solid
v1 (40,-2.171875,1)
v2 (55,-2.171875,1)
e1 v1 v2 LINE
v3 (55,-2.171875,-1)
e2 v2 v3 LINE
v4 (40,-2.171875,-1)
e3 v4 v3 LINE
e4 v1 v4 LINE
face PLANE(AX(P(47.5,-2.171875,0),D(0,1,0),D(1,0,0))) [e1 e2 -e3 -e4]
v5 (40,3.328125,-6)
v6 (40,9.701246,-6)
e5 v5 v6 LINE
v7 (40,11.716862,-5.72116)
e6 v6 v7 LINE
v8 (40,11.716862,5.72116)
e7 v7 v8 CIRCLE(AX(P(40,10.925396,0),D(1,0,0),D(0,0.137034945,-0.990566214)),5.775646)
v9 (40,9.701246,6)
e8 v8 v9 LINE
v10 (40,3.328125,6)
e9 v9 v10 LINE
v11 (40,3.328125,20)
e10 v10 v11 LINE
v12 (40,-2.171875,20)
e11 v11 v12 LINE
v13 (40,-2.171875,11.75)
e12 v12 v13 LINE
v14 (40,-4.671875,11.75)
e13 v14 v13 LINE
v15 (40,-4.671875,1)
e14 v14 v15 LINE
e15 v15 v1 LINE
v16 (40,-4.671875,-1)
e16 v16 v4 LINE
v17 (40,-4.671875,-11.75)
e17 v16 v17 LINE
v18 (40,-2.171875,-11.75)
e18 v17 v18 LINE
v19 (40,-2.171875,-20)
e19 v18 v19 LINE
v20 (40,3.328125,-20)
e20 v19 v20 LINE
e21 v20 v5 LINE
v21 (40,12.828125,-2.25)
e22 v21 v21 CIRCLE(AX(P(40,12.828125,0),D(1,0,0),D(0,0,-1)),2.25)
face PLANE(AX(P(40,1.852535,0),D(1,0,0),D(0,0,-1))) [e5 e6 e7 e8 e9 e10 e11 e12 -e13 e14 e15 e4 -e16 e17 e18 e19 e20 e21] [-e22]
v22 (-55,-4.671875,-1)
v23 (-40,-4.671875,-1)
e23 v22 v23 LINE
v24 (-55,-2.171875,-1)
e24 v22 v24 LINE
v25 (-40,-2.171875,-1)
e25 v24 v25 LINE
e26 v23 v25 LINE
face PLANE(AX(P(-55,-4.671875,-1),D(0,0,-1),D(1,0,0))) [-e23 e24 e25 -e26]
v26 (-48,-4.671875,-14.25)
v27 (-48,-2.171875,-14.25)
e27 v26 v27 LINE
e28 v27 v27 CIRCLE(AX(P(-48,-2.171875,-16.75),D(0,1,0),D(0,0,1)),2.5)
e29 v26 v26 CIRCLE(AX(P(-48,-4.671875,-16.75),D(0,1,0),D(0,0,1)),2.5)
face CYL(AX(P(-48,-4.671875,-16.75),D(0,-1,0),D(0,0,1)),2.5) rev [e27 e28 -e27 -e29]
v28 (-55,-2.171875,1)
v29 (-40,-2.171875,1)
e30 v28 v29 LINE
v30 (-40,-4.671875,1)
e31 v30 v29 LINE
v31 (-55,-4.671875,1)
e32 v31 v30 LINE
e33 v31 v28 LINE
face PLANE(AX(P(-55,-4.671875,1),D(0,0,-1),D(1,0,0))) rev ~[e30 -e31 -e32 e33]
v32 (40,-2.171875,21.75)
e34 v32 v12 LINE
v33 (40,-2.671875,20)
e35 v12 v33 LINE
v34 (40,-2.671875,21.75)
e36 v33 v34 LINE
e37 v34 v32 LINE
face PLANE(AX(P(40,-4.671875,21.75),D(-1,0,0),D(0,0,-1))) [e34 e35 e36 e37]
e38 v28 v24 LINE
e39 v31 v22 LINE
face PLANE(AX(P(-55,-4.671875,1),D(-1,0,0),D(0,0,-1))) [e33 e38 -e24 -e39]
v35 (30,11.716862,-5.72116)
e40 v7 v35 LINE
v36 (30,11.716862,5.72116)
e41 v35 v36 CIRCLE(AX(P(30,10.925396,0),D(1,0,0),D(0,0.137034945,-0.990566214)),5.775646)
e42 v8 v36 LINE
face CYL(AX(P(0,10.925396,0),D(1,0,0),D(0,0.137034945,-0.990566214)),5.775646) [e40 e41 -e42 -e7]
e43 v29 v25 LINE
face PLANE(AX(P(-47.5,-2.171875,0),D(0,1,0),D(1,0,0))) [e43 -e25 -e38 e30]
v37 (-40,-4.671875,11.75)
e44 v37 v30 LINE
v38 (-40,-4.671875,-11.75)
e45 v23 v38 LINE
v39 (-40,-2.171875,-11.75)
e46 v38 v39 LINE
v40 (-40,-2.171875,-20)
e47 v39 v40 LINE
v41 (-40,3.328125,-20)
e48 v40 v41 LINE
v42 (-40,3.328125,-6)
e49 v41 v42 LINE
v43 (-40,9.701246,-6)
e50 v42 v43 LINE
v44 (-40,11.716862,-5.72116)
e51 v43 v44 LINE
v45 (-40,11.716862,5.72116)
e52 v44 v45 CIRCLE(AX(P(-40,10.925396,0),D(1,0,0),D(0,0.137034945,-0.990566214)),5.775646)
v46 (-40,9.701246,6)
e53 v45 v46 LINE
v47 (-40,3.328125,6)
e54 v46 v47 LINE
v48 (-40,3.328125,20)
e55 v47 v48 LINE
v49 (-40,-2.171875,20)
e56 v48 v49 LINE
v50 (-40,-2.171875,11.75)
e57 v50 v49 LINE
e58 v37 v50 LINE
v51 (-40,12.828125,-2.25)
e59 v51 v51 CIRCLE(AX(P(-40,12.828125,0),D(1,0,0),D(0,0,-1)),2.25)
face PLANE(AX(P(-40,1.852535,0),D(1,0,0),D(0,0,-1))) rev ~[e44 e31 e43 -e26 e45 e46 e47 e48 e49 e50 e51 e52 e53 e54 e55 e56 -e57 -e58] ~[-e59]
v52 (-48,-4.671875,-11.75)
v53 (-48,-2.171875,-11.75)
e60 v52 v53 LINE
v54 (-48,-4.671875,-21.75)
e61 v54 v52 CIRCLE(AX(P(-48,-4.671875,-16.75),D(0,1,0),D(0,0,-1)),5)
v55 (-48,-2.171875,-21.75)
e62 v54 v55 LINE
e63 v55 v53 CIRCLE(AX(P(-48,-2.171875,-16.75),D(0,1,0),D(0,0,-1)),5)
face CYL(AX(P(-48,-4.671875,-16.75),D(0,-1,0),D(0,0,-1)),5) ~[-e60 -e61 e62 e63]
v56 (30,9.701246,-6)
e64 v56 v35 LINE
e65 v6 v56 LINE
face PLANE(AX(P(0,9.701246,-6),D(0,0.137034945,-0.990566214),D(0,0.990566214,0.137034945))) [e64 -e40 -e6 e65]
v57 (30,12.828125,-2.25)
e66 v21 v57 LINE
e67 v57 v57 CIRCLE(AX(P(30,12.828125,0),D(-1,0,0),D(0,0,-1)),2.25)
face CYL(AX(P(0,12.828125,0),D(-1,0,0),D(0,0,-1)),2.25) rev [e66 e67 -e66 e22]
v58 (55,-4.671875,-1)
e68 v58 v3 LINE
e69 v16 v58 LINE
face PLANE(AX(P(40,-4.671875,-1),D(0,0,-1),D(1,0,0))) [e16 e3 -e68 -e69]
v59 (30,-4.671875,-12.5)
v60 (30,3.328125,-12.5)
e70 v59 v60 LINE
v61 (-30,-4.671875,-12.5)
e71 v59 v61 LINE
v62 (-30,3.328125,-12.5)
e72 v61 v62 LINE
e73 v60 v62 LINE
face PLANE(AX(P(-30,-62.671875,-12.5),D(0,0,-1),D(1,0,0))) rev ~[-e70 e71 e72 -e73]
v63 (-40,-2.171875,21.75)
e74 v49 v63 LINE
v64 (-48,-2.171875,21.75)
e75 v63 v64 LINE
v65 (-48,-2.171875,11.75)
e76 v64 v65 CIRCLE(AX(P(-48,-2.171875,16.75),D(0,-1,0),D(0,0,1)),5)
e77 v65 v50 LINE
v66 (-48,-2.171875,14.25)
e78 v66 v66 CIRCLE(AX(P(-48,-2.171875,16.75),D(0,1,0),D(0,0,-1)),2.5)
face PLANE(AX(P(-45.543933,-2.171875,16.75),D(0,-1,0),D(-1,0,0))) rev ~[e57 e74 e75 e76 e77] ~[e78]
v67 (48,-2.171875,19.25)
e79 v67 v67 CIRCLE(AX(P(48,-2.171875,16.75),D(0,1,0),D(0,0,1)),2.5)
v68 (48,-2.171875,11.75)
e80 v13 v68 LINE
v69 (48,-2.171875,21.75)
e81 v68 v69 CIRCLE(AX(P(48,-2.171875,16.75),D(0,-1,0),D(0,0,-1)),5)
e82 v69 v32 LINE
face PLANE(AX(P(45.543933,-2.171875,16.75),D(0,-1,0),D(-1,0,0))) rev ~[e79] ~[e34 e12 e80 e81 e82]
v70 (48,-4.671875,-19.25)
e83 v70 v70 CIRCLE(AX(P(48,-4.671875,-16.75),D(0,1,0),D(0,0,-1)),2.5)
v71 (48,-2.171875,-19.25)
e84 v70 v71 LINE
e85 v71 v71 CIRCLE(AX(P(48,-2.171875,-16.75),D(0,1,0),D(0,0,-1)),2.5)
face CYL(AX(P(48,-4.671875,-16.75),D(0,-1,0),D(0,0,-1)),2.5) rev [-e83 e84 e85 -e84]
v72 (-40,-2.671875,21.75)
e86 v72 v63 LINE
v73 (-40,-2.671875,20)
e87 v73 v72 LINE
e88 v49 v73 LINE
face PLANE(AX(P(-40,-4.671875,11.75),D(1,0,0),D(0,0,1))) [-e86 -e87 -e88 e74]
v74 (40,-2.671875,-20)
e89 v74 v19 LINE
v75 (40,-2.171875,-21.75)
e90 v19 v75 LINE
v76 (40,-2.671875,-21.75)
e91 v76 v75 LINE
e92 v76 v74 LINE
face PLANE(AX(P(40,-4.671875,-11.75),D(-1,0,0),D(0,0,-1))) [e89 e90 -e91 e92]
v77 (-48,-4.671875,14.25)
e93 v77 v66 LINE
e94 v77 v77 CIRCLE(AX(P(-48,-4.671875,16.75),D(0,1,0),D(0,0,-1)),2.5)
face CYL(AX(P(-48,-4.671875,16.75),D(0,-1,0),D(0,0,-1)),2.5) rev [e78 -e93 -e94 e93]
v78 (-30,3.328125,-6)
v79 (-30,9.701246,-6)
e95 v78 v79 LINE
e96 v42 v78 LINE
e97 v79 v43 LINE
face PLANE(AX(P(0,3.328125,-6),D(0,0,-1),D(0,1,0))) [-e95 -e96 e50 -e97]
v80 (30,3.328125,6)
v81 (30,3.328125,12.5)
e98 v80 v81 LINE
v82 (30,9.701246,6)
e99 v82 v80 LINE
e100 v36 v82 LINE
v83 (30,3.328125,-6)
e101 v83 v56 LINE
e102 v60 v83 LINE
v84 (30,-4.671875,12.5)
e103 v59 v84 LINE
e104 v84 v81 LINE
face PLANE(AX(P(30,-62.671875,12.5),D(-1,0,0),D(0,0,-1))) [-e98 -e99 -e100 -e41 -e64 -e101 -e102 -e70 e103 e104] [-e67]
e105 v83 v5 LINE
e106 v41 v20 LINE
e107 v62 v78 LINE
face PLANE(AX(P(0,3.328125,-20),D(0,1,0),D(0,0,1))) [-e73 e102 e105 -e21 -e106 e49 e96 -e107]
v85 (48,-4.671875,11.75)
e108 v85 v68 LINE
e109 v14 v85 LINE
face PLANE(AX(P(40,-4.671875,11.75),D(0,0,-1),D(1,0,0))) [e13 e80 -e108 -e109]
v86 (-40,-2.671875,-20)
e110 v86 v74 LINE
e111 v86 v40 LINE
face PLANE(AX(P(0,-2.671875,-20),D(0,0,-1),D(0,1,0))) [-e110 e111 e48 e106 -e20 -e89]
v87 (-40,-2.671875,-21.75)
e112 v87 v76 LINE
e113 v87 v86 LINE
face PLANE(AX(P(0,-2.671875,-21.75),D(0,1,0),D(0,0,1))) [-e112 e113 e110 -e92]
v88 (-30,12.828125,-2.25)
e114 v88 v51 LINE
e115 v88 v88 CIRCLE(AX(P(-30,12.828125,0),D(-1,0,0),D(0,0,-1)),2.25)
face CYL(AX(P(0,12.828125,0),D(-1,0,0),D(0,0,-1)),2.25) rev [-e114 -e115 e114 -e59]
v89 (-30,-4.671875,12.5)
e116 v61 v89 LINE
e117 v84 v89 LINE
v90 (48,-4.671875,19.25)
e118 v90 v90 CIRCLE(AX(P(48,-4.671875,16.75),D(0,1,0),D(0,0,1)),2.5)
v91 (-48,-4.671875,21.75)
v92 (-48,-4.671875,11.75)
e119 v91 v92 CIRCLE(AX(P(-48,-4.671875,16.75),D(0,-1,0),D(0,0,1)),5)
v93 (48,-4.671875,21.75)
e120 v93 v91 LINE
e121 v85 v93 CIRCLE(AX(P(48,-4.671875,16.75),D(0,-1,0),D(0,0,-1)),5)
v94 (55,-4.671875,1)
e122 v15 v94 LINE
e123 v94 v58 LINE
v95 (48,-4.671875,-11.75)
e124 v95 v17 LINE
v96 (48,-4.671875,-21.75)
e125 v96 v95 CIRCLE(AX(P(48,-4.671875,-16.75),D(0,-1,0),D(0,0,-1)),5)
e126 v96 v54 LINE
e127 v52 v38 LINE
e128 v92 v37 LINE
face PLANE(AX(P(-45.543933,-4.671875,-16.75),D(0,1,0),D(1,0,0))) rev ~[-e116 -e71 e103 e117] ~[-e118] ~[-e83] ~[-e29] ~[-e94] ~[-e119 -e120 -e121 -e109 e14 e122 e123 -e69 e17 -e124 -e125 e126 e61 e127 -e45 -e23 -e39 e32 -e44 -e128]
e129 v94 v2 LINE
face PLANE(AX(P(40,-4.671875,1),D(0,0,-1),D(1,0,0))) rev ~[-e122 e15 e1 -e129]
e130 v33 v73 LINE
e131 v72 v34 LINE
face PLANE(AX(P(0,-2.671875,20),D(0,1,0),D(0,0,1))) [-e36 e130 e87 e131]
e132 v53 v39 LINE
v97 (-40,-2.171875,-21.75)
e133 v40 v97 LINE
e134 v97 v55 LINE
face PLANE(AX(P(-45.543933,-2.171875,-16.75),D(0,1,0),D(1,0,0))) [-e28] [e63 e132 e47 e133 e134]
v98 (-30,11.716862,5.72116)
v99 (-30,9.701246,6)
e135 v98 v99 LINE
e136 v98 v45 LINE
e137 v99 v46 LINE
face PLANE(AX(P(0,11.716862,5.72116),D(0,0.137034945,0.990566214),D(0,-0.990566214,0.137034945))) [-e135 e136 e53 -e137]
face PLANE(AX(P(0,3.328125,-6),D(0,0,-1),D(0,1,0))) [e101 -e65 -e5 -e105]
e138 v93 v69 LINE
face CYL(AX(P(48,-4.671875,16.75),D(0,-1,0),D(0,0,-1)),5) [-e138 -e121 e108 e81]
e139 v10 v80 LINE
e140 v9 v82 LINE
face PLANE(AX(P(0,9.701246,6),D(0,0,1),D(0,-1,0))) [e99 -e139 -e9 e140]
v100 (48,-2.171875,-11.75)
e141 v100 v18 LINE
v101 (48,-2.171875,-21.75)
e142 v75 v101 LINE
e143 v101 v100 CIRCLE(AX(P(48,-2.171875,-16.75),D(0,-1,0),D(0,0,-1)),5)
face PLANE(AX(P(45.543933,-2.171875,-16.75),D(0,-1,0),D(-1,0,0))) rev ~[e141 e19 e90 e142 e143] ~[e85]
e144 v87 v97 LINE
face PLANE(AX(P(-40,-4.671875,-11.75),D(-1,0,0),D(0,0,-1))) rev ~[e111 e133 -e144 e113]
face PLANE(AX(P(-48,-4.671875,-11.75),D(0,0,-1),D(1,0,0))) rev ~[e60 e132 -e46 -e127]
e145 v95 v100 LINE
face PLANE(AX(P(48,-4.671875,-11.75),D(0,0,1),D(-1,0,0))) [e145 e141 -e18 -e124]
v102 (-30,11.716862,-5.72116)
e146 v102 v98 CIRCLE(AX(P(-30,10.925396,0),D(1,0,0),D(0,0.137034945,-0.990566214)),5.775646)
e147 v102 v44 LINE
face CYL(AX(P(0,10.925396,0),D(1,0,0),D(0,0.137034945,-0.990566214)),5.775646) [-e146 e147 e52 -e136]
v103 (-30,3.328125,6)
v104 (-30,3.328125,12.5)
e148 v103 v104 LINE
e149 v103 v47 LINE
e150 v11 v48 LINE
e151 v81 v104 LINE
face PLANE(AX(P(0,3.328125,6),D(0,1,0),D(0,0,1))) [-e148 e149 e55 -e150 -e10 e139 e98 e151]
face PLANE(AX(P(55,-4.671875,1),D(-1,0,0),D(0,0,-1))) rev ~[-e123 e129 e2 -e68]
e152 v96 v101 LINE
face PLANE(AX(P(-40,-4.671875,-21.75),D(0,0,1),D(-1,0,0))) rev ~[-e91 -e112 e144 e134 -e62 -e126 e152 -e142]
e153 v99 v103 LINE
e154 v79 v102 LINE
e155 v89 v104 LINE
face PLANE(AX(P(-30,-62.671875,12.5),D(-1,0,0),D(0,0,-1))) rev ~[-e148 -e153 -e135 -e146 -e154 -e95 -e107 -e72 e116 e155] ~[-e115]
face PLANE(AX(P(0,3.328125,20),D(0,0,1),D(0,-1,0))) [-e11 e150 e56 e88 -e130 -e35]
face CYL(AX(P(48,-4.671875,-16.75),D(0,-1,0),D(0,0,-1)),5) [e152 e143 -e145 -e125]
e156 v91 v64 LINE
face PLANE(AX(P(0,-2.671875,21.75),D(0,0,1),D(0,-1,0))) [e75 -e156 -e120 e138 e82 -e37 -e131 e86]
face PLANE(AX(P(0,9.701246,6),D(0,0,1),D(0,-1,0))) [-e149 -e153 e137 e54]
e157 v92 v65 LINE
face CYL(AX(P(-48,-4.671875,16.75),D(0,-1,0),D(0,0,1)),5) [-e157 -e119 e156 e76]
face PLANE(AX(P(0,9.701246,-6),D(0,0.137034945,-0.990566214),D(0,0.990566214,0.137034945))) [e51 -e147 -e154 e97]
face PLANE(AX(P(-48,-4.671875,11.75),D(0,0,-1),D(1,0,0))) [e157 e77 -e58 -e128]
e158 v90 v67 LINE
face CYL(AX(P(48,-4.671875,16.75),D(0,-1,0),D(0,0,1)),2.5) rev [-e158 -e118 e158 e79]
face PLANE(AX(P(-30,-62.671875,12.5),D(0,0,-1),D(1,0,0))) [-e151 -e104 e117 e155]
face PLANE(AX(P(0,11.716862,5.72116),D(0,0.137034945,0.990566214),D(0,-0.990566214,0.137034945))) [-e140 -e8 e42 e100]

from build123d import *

# Parameters (mm, degrees)
SKETCH1_R               = 2.25
BOSS_EXTRUDE1_DEPTH     = 40
SKETCH3_R               = 2.5
SKETCH3_W               = 15
SKETCH3_H               = 2
BOSS_EXTRUDE2_DEPTH     = 2.5
CUT_EXTRUDE2_DEPTH      = 60
CUT_EXTRUDE2_DEPTH_BACK = 60
SKETCH2_W               = 60
SKETCH2_H               = 25


with BuildPart() as part:
    # Sketch1 → Boss-Extrude1 (new, symmetric)
    with BuildSketch(Plane(origin=(0, 0, 0), x_dir=(0, 0, -1), z_dir=(1, 0, 0))):
        with BuildLine():
            Line((-20, -2.671875), (-21.75, -2.671875))
            Line((-21.75, -2.671875), (-21.75, -4.671875))
            Line((-21.75, -4.671875), (21.75, -4.671875))
            Line((21.75, -4.671875), (21.75, -2.671875))
            Line((21.75, -2.671875), (20, -2.671875))
            Line((20, -2.671875), (20, 3.328125))
            Line((20, 3.328125), (10.652726064, 3.328125))
            Line((10.652726064, 3.328125), (6, 3.328125))
            Line((6, 3.328125), (6, 9.701246493))
            Line((6, 9.701246493), (5.721159773, 11.716861618))
            ThreePointArc((5.721159773, 11.716861618), (0, 16.70104227), (-5.721159773, 11.716861618))
            Line((-5.721159773, 11.716861618), (-6, 9.701246493))
            Line((-6, 9.701246493), (-6, 3.328125))
            Line((-6, 3.328125), (-10.652726064, 3.328125))
            Line((-10.652726064, 3.328125), (-20, 3.328125))
            Line((-20, 3.328125), (-20, -2.671875))
        make_face()
        with Locations((0, 12.828125)):
            Circle(SKETCH1_R, mode=Mode.SUBTRACT)
    extrude(amount=BOSS_EXTRUDE1_DEPTH, both=True)

    # Sketch3 → Boss-Extrude2 (add)
    # profile 1 of 6: a face of its own
    with BuildSketch(Plane(origin=(0, -4.671875, 0), x_dir=(1, 0, 0), z_dir=(0, 1, 0))):
        with BuildLine():
            Line((-40, 21.75), (-48, 21.75))
            ThreePointArc((-48, 21.75), (-53, 16.75), (-48, 11.75))
            Line((-48, 11.75), (-40, 11.75))
            Line((-40, 11.75), (-40, 21.75))
        make_face()
        with Locations(Location((-48, 16.75, 0), (0, 0, 270))):
            Circle(SKETCH3_R, mode=Mode.SUBTRACT)
    # profile 2 of 6: a face of its own
    with BuildSketch(Plane(origin=(0, -4.671875, 0), x_dir=(1, 0, 0), z_dir=(0, 1, 0))):
        with BuildLine():
            Line((40, 21.75), (48, 21.75))
            ThreePointArc((48, 21.75), (53, 16.75), (48, 11.75))
            Line((48, 11.75), (40, 11.75))
            Line((40, 11.75), (40, 21.75))
        make_face()
        with Locations(Location((48, 16.75, 0), (0, 0, 90))):
            Circle(SKETCH3_R, mode=Mode.SUBTRACT)
    # profile 3 of 6: a face of its own
    with BuildSketch(Plane(origin=(0, -4.671875, 0), x_dir=(1, 0, 0), z_dir=(0, 1, 0))):
        with BuildLine():
            Line((40, -21.75), (40, -11.75))
            Line((40, -11.75), (48, -11.75))
            ThreePointArc((48, -11.75), (53, -16.75), (48, -21.75))
            Line((48, -21.75), (40, -21.75))
        make_face()
        with Locations(Location((48, -16.75, 0), (0, 0, 270))):
            Circle(SKETCH3_R, mode=Mode.SUBTRACT)
    # profile 4 of 6: a face of its own
    with BuildSketch(Plane(origin=(0, -4.671875, 0), x_dir=(1, 0, 0), z_dir=(0, 1, 0))):
        with BuildLine():
            Line((-40, -21.75), (-48, -21.75))
            ThreePointArc((-48, -21.75), (-53, -16.75), (-48, -11.75))
            Line((-48, -11.75), (-40, -11.75))
            Line((-40, -11.75), (-40, -21.75))
        make_face()
        with Locations(Location((-48, -16.75, 0), (0, 0, 90))):
            Circle(SKETCH3_R, mode=Mode.SUBTRACT)
    # profile 5 of 6: a face of its own
    with BuildSketch(Plane(origin=(0, -4.671875, 0), x_dir=(1, 0, 0), z_dir=(0, 1, 0))):
        with Locations((-47.5, 0)):
            Rectangle(SKETCH3_W, SKETCH3_H)
    # profile 6 of 6: a face of its own
    with BuildSketch(Plane(origin=(0, -4.671875, 0), x_dir=(1, 0, 0), z_dir=(0, 1, 0))):
        with Locations((47.5, 0)):
            Rectangle(SKETCH3_W, SKETCH3_H)
    extrude(amount=BOSS_EXTRUDE2_DEPTH)

    # Sketch2 → Cut-Extrude2 (cut, two sides: drawn at the far end of the back side and taken through both)
    with BuildSketch(Plane(origin=(0, -2.671875, 0), x_dir=(1, 0, 0), z_dir=(0, 1, 0)).offset(-CUT_EXTRUDE2_DEPTH_BACK)):
        Rectangle(SKETCH2_W, SKETCH2_H)
    extrude(amount=CUT_EXTRUDE2_DEPTH + CUT_EXTRUDE2_DEPTH_BACK, mode=Mode.SUBTRACT)


solid = part.part
